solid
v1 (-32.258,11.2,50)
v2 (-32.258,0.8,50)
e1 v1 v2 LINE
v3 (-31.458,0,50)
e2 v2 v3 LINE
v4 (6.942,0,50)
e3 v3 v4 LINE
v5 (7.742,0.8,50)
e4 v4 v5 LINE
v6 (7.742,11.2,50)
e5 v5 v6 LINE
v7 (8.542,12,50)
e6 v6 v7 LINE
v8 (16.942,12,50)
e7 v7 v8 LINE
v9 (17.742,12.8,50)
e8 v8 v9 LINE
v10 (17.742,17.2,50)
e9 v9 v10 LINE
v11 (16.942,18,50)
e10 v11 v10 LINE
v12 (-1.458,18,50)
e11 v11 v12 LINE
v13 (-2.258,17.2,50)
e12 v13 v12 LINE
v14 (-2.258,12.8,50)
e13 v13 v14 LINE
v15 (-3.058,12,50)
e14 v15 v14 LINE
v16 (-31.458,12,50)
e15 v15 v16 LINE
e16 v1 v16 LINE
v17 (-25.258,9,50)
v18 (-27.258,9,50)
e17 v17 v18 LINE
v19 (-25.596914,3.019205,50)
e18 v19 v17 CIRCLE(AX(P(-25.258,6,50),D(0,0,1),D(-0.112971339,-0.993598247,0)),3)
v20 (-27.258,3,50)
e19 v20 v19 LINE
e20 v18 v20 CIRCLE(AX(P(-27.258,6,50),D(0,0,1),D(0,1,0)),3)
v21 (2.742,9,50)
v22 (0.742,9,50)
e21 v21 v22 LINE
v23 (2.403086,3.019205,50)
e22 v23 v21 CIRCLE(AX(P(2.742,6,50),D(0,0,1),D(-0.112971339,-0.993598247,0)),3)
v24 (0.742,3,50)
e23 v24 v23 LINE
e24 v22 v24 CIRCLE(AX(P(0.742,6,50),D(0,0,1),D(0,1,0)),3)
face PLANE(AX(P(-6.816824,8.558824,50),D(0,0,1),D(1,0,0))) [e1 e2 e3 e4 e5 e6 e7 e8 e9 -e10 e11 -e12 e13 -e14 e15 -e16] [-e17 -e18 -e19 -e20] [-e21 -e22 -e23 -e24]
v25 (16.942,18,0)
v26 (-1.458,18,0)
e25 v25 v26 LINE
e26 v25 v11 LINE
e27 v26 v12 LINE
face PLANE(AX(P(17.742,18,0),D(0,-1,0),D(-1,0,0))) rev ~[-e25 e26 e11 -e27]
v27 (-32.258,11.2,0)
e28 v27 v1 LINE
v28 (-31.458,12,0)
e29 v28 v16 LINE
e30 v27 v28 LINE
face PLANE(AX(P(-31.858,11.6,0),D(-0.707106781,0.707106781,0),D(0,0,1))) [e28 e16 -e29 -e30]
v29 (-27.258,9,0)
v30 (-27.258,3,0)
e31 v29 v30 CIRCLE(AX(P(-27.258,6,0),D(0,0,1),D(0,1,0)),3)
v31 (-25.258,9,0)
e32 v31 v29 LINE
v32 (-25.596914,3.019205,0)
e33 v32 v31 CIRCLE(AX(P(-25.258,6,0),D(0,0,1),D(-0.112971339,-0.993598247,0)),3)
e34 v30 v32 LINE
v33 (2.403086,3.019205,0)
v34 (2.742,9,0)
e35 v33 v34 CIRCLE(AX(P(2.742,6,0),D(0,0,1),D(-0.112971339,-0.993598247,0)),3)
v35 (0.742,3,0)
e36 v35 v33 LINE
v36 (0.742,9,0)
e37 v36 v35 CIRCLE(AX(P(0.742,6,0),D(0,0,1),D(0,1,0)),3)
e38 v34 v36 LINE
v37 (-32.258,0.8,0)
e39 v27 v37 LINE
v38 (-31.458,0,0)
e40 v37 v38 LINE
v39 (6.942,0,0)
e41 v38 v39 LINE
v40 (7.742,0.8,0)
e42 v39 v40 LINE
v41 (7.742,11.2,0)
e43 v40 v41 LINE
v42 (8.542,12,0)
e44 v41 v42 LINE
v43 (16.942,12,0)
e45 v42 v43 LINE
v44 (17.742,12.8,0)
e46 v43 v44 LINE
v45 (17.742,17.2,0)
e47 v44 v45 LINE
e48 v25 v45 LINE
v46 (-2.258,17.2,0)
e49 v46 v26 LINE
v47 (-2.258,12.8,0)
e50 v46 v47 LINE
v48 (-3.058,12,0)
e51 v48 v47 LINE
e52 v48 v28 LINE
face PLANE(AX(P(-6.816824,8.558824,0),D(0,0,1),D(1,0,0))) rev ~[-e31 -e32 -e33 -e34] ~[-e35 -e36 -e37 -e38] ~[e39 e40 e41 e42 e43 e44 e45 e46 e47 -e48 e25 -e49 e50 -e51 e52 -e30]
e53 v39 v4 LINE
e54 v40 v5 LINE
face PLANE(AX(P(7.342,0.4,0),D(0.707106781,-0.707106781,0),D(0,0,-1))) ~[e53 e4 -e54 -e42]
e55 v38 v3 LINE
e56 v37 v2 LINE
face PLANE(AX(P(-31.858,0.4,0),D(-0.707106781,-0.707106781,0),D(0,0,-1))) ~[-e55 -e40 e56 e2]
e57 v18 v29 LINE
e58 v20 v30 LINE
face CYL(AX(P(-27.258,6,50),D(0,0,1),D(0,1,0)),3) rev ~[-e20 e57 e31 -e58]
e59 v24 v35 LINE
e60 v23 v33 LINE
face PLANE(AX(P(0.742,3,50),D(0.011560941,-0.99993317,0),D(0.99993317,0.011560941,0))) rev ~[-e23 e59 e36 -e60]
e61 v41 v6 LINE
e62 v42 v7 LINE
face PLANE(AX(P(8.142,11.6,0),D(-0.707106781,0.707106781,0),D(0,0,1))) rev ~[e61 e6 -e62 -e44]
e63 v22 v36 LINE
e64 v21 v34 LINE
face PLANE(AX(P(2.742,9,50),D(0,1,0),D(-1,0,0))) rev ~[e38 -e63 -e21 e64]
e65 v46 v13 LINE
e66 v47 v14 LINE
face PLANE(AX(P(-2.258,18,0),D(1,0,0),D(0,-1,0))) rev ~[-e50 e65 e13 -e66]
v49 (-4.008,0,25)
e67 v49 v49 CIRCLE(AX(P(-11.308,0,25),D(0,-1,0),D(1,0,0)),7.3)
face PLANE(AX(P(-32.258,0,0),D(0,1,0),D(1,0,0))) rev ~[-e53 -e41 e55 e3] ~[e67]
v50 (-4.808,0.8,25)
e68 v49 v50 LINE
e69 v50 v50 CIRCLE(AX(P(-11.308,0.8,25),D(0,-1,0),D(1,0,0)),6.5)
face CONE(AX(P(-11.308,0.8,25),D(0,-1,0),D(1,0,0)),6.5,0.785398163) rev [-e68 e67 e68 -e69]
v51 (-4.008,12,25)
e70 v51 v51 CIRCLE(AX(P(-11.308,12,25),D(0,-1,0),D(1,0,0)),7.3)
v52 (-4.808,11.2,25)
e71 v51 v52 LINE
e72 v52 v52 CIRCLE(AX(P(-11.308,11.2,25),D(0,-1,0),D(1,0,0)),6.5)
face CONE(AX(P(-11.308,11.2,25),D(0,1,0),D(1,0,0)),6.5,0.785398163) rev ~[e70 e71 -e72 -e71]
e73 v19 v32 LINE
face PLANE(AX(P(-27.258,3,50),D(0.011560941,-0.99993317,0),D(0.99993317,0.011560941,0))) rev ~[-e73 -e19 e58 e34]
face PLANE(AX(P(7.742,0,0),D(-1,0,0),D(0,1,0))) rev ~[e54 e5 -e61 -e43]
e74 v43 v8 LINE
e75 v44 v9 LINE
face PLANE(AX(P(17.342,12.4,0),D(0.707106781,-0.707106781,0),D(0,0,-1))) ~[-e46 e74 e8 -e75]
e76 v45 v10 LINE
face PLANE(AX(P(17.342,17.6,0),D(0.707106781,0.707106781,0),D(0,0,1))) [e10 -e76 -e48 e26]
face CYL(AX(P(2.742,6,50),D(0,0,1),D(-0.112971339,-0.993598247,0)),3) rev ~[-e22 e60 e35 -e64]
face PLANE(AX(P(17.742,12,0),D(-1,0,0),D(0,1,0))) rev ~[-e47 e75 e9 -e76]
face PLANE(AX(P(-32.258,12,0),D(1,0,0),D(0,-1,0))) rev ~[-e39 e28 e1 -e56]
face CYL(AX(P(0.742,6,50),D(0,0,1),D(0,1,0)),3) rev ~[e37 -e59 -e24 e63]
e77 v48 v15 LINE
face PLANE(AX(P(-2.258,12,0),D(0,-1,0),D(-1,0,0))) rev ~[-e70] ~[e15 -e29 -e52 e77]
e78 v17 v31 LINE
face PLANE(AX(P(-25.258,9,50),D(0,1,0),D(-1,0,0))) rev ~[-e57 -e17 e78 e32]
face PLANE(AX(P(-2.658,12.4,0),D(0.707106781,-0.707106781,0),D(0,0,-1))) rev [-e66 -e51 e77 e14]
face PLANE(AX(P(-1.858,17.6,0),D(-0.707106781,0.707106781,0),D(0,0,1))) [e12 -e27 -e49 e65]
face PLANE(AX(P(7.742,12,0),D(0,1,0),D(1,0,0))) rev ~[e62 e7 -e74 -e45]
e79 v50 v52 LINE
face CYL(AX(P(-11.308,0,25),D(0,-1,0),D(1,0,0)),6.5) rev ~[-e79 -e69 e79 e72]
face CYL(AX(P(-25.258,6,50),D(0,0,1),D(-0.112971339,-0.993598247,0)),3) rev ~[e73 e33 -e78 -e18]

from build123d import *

# Parameters (mm, degrees)
F1_DEPTH = 50
F3_DEPTH = 55
F4_R     = 6.5
F5_DEPTH = 13
F6_SIZE  = 0.8


with BuildPart() as f1:
    # F0 (on Top) → F1 (new body)
    with BuildSketch(Plane.XY):
        Polygon((-32.258, 12), (-32.258, 0), (7.742, 0), (7.742, 12), (17.742, 12), (17.742, 18), (-2.258, 18), (-2.258, 12), align=None)
    extrude(amount=F1_DEPTH)

    # F2 (on face) → F3 (cut)
    with BuildSketch(Plane.XY.offset(50)):
        with BuildLine():
            Line((-25.258, 9), (-27.258, 9))
            ThreePointArc((-27.258, 9), (-30.258, 6), (-27.258, 3))
            Line((-27.258, 3), (-25.596914, 3.019205))
            ThreePointArc((-25.596914, 3.019205), (-22.262805, 5.830271), (-25.258, 9))
        make_face()
        with BuildLine():
            Line((0.742, 3), (2.403086, 3.019205))
            ThreePointArc((2.403086, 3.019205), (5.737195, 5.830271), (2.742, 9))
            Line((2.742, 9), (0.742, 9))
            ThreePointArc((0.742, 9), (-2.258, 6), (0.742, 3))
        make_face()
    extrude(amount=-F3_DEPTH, mode=Mode.SUBTRACT)

    # F4 (on face) → F5 (cut)
    with BuildSketch(Plane.XZ):
        with Locations((-11.308, 25)):
            Circle(F4_R)
    extrude(amount=-F5_DEPTH, mode=Mode.SUBTRACT)

    # F6
    f6_edges = [f1.edges().sort_by_distance(p)[0] for p in [
        (7.742, 0, 25),
        (7.742, 12, 25),
        (17.742, 12, 25),
        (17.742, 18, 25),
        (-32.258, 12, 25),
        (-32.258, 0, 25),
        (-2.258, 12, 25),
        (-2.258, 18, 25),
        (-17.808, 12, 25),
        (-17.808, 0, 25),
    ]]
    chamfer(f6_edges, length=F6_SIZE)


solid = f1.part
